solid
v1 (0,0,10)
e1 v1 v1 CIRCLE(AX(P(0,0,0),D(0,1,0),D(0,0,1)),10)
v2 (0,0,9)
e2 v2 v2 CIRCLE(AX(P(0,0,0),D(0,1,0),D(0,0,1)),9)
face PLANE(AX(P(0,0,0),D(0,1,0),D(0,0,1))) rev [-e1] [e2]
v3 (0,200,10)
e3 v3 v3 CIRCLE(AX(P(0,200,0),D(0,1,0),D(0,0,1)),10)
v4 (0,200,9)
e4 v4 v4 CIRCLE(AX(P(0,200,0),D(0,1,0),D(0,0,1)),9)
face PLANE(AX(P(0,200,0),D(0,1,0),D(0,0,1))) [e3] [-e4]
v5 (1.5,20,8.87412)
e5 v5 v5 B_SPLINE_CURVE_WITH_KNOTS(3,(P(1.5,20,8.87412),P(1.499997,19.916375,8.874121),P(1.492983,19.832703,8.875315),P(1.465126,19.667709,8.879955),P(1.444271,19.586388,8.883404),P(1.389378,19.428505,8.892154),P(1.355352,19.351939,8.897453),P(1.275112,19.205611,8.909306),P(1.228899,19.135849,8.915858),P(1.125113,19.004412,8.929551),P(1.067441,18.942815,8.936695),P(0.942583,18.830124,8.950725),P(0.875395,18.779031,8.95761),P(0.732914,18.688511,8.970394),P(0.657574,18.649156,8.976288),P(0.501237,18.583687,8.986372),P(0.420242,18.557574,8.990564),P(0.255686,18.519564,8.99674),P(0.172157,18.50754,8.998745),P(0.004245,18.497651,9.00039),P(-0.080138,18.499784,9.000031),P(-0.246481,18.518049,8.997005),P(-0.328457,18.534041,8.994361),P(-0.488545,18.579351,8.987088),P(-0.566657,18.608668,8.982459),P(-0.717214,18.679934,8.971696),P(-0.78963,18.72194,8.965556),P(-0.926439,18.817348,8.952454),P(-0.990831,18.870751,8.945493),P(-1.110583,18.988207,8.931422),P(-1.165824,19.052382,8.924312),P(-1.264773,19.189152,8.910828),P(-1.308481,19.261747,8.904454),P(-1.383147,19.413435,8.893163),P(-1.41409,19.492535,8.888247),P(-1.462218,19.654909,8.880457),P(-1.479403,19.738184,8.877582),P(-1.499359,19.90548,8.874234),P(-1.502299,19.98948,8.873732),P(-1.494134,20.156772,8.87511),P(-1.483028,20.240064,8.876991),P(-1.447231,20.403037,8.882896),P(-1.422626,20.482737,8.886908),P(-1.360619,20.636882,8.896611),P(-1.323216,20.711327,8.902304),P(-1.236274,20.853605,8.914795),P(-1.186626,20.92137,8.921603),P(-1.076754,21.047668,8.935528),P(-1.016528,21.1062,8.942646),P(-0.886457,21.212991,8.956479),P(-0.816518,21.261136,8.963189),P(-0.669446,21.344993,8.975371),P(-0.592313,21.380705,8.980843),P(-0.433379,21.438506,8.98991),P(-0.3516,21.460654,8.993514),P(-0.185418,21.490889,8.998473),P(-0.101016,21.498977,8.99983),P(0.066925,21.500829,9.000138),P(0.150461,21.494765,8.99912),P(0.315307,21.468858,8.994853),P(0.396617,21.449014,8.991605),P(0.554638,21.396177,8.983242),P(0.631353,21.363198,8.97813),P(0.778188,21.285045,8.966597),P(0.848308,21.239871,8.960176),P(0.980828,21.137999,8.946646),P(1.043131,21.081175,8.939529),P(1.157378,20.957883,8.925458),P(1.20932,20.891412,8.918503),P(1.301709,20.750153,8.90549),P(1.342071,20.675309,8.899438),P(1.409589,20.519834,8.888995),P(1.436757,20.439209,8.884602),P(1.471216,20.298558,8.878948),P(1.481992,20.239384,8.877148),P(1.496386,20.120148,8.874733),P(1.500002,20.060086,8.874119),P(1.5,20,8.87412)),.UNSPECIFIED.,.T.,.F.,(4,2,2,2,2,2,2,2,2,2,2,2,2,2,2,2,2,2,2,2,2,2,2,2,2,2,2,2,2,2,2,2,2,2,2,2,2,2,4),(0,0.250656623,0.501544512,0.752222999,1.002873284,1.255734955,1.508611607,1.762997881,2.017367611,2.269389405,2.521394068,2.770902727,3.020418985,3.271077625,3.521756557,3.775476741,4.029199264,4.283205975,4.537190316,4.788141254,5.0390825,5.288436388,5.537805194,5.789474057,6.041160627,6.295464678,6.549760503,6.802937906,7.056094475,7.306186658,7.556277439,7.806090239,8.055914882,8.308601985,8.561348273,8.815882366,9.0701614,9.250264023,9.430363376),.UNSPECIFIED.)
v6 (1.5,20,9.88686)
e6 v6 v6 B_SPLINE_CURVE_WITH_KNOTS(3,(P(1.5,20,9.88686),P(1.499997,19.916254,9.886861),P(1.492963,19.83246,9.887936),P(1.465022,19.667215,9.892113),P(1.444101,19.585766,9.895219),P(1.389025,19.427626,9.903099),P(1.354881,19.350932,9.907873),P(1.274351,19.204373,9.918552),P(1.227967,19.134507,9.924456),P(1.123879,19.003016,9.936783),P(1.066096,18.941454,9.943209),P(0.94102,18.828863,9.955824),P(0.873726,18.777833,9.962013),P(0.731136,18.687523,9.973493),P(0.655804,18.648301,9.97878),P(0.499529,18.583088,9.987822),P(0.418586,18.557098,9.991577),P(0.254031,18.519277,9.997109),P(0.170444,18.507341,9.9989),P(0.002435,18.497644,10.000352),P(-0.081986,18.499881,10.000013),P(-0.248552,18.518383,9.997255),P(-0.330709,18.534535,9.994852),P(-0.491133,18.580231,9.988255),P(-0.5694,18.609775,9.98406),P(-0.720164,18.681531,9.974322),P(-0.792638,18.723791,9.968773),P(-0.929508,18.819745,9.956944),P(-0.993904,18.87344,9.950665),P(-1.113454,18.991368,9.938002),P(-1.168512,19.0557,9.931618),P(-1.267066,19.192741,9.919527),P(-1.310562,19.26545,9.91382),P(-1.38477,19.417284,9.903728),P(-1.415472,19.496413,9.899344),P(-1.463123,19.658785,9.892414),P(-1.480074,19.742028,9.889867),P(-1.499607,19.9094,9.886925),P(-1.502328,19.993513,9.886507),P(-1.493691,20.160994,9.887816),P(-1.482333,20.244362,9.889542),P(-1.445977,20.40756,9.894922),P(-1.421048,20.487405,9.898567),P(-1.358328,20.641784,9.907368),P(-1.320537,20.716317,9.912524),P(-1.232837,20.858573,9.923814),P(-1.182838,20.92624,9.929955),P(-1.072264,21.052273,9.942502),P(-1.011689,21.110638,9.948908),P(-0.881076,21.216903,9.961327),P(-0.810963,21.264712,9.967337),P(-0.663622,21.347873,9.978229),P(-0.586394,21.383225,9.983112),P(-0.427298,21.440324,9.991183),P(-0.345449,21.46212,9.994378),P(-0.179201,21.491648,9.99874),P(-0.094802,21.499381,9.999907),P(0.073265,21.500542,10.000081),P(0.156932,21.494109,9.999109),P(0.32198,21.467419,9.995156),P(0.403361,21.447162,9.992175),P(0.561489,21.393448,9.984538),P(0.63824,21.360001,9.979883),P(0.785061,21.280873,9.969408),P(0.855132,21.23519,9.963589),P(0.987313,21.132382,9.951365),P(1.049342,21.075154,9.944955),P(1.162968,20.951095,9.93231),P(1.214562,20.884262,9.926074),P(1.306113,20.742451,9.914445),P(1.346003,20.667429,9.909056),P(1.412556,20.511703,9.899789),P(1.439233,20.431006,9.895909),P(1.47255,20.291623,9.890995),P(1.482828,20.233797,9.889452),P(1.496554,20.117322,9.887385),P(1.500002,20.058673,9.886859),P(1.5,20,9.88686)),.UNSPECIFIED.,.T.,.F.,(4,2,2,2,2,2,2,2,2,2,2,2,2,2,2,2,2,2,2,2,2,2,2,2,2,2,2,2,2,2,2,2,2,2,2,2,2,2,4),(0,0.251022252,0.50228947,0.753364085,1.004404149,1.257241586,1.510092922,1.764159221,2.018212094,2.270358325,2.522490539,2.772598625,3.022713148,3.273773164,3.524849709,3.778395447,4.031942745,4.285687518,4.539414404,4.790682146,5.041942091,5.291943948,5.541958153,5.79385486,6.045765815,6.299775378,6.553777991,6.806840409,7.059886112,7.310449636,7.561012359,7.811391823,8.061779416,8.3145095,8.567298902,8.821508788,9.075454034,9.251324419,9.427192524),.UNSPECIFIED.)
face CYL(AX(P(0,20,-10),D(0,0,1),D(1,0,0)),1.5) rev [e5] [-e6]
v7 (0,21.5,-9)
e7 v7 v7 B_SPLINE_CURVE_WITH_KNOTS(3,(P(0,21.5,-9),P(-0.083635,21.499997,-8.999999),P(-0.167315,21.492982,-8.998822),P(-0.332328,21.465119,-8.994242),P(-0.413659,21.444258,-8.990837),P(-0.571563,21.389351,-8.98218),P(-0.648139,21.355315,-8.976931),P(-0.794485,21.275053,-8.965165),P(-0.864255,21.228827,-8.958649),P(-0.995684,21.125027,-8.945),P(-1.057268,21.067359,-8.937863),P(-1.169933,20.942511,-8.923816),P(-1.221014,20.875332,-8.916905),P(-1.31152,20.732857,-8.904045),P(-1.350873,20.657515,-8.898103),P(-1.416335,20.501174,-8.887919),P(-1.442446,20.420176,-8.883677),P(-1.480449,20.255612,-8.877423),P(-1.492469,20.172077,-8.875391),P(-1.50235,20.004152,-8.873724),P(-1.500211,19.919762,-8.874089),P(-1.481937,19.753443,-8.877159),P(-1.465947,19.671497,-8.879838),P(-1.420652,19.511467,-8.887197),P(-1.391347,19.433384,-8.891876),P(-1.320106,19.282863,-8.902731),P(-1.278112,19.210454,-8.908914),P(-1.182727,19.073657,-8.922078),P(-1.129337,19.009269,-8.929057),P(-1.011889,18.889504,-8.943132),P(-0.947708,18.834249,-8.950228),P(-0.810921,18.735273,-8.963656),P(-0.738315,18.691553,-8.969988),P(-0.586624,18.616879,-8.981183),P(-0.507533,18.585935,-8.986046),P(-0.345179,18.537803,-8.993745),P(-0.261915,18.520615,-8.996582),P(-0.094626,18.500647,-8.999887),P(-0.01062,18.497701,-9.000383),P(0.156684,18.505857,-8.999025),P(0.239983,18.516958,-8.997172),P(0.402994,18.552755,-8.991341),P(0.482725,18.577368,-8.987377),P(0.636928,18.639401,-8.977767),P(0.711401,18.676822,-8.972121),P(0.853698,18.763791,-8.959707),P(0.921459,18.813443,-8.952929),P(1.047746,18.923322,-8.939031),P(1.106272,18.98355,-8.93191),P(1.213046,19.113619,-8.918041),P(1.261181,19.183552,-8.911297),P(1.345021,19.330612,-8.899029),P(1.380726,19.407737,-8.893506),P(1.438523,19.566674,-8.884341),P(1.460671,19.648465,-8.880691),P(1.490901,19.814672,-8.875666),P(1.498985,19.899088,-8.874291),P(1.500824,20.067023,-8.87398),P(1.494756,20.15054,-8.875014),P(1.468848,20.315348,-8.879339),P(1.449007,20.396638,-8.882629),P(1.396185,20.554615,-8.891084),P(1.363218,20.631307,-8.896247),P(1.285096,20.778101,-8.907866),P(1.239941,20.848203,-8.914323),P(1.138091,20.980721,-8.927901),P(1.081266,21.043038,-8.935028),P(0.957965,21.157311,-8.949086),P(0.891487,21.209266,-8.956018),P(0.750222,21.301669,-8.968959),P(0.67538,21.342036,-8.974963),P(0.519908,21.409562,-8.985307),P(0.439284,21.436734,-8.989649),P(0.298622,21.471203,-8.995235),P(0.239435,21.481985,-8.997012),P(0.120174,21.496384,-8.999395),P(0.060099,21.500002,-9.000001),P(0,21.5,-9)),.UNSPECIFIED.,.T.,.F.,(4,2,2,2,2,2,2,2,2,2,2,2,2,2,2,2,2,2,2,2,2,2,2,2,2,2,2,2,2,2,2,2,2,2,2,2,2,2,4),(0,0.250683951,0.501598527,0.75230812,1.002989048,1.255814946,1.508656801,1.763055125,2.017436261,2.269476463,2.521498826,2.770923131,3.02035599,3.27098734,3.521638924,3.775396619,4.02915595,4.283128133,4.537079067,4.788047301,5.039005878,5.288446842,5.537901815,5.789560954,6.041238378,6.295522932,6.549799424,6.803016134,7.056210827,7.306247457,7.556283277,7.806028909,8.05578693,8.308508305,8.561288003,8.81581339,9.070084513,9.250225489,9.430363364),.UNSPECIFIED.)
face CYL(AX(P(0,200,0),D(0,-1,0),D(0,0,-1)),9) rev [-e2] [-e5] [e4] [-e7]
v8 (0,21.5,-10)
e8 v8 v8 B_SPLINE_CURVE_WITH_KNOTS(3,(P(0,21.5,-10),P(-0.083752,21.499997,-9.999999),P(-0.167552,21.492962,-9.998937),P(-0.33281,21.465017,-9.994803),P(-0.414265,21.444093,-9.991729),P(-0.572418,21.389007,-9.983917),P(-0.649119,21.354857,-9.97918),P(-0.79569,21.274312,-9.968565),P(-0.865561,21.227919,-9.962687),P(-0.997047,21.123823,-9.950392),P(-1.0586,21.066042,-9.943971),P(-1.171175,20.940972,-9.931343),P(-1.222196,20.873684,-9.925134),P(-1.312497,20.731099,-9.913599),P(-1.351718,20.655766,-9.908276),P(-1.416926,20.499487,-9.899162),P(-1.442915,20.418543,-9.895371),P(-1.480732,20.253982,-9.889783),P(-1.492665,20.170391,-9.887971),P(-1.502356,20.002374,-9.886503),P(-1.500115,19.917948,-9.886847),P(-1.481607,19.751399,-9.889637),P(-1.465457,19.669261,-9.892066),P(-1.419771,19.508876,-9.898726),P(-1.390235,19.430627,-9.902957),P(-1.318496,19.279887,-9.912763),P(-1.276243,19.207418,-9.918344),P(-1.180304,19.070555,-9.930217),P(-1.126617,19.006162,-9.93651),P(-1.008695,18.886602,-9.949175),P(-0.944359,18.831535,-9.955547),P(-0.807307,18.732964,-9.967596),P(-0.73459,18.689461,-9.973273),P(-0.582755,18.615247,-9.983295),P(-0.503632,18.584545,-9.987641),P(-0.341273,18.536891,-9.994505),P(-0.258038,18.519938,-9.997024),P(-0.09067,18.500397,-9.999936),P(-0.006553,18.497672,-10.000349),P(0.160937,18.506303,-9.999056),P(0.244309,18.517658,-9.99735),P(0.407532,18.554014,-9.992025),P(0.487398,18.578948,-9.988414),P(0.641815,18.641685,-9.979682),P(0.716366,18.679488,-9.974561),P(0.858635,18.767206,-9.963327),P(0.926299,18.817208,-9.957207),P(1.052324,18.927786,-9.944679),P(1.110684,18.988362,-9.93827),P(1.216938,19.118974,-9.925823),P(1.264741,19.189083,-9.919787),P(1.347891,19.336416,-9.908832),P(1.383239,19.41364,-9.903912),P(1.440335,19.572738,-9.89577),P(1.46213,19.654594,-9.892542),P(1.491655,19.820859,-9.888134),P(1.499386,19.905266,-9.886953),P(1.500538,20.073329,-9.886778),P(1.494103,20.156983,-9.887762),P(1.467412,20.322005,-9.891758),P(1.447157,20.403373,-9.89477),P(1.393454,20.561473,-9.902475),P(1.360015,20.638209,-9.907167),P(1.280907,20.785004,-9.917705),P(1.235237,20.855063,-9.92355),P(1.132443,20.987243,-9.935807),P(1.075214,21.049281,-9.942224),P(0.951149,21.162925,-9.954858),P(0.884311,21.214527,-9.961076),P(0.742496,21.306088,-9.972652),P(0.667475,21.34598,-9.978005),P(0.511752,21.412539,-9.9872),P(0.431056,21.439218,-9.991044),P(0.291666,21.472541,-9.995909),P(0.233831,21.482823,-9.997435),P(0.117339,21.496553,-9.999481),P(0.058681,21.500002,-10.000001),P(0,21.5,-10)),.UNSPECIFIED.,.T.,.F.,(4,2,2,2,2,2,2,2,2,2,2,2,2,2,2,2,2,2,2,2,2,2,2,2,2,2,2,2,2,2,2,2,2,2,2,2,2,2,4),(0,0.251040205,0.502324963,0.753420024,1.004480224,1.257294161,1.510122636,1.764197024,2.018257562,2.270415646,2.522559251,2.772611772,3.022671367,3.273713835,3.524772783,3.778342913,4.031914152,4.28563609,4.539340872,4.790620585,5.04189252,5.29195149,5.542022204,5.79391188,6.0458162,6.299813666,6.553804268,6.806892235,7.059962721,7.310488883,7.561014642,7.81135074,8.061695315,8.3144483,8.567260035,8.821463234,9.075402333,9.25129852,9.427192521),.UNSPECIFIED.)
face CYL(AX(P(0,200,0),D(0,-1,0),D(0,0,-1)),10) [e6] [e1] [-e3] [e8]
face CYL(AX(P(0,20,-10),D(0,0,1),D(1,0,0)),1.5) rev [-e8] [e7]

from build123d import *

# Parameters (mm, degrees)
SKETCH_1_R               = 10
SKETCH_1_R_2             = 9
EXTRUDE_1_DEPTH          = 200
CUT_EXTRUDE_1_DEPTH      = 201.499376558
CUT_EXTRUDE_1_DEPTH_BACK = 201.499376558
SKETCH_2_R               = 1.5


with BuildPart() as part:
    # 草图1 → 凸台-拉伸1 (new body)
    with BuildSketch(Plane(origin=(0, 0, 0), x_dir=(1, 0, 0), z_dir=(0, 1, 0))):
        with Locations(Location((0, 0, 0), (0, 0, 270))):
            Circle(SKETCH_1_R)
        with Locations(Location((0, 0, 0), (0, 0, 270))):
            Circle(SKETCH_1_R_2, mode=Mode.SUBTRACT)
    extrude(amount=EXTRUDE_1_DEPTH)

    # 草图2 → 切除-拉伸1 (cut, two sides: drawn at the far end of the back side and taken through both)
    with BuildSketch(Plane.XY.offset(-CUT_EXTRUDE_1_DEPTH_BACK)):
        with Locations((0, 20)):
            Circle(SKETCH_2_R)
    extrude(amount=CUT_EXTRUDE_1_DEPTH + CUT_EXTRUDE_1_DEPTH_BACK, mode=Mode.SUBTRACT)


solid = part.part
